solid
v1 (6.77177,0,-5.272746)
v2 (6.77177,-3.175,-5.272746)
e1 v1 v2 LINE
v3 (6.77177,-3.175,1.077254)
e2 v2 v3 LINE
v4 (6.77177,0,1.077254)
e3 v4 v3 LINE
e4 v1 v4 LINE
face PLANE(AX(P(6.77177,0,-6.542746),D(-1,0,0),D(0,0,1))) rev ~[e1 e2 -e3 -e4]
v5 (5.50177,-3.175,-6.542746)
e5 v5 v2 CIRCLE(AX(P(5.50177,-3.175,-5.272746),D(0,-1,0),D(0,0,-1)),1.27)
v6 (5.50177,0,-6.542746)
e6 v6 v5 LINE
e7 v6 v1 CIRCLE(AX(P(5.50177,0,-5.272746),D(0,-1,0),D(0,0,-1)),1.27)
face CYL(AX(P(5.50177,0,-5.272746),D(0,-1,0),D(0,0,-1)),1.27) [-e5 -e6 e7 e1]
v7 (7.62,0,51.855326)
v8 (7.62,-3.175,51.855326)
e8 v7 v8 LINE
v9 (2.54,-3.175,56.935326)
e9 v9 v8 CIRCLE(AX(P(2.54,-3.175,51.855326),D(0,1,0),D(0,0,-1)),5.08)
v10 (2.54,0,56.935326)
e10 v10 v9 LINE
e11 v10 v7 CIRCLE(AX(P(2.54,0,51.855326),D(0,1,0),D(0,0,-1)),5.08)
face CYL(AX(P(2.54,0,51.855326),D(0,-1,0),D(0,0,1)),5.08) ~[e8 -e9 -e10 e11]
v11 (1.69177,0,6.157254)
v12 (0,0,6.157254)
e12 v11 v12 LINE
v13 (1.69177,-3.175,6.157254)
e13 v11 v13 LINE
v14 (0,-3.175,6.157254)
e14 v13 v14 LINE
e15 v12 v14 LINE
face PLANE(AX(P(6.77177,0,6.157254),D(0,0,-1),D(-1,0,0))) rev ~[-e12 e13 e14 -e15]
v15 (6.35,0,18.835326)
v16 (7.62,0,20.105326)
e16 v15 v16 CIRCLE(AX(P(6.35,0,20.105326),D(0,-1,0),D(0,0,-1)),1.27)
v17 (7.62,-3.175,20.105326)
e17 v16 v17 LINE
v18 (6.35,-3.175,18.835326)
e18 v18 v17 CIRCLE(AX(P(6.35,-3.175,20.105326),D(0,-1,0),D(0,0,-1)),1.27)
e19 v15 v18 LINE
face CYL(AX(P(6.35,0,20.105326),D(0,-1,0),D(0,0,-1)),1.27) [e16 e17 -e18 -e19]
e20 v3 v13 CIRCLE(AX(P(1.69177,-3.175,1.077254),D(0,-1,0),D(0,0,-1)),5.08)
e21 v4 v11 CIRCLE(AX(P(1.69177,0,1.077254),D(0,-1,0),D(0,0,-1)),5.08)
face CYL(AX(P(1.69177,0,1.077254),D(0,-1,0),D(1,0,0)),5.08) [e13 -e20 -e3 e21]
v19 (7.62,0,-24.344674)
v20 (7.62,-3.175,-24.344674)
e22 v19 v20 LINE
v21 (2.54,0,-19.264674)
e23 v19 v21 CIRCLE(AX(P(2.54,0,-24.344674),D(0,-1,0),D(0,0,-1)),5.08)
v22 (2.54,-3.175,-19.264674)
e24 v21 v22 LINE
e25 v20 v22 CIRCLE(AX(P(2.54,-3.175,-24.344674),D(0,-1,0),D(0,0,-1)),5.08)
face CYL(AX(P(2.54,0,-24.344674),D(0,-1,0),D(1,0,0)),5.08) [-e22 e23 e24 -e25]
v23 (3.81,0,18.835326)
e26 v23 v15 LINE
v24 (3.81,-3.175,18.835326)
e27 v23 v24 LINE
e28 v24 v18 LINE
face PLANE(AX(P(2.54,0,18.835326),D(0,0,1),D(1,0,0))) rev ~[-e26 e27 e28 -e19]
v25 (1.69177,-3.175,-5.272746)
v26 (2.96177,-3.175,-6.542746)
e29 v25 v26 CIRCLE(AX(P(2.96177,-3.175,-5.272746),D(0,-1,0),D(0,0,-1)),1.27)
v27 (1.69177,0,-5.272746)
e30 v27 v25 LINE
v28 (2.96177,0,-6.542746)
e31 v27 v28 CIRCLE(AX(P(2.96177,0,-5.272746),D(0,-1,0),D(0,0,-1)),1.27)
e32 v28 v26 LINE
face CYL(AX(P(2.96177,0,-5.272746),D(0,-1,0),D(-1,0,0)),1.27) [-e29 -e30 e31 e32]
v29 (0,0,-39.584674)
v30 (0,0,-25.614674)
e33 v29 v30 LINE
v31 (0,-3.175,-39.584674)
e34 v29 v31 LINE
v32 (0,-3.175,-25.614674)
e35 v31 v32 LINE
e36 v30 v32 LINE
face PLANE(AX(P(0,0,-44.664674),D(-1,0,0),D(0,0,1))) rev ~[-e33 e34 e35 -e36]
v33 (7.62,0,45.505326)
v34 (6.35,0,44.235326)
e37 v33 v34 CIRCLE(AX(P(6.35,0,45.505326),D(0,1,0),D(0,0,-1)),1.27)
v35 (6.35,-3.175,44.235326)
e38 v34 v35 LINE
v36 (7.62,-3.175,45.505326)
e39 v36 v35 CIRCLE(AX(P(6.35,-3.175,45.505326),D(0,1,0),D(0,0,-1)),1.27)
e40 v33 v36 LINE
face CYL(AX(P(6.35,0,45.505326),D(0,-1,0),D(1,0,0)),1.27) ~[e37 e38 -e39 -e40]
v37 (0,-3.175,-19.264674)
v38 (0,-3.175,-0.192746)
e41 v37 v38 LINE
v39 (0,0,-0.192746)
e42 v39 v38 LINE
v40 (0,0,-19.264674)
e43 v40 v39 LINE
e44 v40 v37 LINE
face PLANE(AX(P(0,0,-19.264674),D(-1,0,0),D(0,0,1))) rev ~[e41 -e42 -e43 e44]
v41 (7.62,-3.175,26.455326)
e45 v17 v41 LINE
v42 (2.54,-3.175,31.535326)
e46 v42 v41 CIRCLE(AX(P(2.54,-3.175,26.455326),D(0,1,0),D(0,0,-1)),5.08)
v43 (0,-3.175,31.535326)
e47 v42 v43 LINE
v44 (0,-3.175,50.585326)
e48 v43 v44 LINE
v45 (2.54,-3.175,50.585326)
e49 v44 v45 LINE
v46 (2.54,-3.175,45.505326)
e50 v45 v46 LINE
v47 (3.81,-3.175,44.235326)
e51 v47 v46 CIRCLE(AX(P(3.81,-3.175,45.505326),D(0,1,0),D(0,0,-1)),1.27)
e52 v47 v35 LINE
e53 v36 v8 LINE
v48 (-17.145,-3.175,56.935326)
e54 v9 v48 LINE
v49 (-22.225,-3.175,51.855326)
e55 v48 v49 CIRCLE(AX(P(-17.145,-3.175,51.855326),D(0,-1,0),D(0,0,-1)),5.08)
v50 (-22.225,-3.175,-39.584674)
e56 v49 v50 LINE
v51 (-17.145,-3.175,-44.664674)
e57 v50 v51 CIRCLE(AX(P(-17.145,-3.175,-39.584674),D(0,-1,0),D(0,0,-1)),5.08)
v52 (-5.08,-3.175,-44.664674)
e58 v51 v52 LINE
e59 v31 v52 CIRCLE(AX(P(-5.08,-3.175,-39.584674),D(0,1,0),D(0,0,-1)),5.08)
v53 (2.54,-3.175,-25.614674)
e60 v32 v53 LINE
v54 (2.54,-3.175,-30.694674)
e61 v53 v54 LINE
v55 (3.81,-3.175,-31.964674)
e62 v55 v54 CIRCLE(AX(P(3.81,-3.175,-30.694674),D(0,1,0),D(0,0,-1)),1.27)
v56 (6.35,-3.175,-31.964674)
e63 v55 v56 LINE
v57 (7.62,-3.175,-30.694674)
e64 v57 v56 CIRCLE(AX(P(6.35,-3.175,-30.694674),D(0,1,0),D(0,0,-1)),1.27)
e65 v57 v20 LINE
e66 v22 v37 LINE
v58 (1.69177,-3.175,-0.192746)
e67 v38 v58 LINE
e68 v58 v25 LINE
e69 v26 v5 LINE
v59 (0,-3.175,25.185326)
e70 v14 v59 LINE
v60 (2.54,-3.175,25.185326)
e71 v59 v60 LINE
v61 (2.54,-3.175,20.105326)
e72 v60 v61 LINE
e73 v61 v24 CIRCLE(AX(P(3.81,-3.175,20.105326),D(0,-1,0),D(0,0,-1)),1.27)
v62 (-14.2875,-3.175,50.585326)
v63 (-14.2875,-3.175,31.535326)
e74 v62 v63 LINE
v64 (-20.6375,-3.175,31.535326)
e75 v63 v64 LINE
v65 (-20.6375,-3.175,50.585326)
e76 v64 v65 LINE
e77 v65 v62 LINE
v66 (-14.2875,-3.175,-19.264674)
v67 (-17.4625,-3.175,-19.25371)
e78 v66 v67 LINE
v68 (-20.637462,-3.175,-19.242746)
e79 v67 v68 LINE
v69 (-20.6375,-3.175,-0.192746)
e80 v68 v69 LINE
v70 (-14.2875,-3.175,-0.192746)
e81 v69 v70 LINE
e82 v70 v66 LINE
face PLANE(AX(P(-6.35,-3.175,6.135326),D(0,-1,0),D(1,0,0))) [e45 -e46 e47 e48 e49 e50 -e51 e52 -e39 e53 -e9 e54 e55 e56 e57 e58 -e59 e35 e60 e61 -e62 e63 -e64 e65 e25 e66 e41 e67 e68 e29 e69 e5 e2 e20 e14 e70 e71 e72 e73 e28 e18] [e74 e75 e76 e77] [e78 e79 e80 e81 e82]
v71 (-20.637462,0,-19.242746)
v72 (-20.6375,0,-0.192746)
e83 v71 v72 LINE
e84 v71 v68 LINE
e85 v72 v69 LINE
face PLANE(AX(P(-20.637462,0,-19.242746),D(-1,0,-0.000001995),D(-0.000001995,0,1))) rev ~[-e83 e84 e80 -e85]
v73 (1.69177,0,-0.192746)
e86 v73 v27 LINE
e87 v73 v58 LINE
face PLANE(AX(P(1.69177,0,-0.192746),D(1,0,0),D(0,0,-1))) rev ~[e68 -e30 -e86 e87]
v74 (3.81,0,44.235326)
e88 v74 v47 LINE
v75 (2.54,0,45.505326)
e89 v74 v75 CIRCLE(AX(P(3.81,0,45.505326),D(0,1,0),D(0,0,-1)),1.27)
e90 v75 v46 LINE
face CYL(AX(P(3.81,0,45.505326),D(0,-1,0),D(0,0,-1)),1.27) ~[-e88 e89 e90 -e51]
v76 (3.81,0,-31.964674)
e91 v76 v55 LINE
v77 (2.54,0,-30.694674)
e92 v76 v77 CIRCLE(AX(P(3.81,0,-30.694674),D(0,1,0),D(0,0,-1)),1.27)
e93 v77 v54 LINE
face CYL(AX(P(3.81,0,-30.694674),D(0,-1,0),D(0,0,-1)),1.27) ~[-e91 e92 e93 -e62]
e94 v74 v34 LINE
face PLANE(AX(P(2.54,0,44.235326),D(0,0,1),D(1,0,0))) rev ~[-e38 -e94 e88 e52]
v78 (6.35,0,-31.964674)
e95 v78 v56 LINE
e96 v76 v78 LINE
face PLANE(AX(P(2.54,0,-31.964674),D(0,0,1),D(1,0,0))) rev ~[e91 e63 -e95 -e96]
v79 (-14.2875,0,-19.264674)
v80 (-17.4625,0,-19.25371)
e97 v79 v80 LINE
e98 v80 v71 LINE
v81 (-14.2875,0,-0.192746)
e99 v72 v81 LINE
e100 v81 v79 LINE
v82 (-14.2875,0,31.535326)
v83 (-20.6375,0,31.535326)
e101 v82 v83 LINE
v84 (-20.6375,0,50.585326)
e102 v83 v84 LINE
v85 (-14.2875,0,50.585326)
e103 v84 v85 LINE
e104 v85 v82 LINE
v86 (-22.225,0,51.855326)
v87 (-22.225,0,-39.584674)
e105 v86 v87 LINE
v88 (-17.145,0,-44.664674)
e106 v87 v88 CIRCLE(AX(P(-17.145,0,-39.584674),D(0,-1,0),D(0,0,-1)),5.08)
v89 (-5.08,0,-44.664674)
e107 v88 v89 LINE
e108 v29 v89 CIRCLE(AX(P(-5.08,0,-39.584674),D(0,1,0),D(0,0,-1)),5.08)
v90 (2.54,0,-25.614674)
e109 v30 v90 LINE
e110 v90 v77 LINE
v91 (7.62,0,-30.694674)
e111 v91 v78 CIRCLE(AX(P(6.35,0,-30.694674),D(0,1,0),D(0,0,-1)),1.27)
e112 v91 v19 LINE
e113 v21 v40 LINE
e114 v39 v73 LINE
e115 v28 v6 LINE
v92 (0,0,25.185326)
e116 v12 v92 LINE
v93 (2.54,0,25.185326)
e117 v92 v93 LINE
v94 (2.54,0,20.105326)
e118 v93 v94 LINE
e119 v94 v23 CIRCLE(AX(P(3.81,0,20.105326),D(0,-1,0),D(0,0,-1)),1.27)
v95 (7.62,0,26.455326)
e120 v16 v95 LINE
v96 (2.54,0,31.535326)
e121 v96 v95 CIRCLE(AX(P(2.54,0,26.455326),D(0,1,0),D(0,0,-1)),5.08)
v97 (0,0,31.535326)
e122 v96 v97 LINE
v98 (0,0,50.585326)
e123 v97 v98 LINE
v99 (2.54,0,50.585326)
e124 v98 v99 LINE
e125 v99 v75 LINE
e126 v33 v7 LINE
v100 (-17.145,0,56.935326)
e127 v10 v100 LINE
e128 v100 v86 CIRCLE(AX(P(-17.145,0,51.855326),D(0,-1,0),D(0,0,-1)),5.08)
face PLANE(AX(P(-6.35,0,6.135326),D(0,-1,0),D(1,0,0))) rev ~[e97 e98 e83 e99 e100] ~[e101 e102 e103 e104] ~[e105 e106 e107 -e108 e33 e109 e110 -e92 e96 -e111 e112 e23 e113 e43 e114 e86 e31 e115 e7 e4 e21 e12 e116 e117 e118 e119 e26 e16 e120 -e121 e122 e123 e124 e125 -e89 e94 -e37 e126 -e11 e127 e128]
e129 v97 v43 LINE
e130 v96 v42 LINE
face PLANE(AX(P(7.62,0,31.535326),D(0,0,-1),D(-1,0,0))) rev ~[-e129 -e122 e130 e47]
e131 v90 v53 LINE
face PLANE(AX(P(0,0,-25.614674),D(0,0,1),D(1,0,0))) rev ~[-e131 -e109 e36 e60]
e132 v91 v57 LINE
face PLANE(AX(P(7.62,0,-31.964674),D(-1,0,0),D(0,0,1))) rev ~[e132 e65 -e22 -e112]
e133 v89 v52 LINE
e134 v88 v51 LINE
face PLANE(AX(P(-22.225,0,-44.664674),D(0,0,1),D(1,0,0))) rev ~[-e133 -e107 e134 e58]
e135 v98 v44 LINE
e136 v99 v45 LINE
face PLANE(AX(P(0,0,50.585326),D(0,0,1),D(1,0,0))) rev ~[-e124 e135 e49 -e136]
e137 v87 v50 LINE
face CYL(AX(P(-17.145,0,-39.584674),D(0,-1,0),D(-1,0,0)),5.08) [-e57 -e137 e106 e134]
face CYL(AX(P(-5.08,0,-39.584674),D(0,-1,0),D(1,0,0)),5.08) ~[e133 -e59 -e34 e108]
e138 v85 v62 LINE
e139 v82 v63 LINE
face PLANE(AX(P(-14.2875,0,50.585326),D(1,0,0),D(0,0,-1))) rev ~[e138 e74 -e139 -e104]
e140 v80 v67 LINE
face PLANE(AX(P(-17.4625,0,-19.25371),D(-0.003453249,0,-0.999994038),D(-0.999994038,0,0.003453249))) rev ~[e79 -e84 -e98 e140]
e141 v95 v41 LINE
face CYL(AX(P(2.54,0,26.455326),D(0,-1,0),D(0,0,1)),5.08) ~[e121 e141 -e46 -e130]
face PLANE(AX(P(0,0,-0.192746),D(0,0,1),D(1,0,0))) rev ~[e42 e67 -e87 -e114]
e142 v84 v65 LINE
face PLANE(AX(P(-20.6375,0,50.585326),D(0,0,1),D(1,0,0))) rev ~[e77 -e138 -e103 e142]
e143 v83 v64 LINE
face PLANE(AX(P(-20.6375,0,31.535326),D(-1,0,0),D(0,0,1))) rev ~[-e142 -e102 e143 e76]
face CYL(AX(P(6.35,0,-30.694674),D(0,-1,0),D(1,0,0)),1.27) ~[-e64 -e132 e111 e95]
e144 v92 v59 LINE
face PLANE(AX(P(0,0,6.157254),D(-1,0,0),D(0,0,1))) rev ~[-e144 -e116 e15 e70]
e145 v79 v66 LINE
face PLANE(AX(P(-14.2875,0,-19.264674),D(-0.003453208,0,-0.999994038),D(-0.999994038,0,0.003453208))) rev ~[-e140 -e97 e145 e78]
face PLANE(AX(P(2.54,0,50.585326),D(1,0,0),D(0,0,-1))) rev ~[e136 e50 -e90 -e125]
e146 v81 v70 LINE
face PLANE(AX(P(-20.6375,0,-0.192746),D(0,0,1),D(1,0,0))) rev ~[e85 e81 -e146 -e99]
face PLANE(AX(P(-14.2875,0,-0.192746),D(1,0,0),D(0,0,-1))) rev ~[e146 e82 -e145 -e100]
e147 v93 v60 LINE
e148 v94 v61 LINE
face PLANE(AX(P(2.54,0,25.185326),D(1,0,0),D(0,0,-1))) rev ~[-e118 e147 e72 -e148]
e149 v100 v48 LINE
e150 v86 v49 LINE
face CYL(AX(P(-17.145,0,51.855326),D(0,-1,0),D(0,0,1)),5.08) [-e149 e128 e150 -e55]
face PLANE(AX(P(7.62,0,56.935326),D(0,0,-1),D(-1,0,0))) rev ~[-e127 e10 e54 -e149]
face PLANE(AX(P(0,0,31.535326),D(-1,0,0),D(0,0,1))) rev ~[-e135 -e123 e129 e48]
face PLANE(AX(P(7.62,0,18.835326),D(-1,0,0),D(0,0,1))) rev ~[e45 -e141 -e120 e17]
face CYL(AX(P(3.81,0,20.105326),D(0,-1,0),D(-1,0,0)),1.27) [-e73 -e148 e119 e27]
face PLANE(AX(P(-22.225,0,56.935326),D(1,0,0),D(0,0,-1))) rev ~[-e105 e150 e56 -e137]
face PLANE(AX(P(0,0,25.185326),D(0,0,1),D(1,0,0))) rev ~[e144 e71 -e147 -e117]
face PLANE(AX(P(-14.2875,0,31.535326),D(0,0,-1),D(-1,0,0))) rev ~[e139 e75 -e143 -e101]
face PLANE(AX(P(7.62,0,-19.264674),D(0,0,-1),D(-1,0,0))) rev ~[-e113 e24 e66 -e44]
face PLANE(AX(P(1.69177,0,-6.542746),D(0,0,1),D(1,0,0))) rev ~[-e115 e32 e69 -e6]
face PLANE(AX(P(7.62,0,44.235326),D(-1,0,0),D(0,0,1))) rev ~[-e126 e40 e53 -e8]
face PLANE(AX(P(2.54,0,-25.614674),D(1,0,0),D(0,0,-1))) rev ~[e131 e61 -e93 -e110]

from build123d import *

# Parameters (mm, degrees)
F1_DEPTH = 3.175
F2_R     = 5.08
F3_R     = 5.08
F4_R     = 1.27


with BuildPart() as f1:
    # F0 (on Front) → F1 (new body)
    with BuildSketch(Plane.XZ):
        Polygon((0, 50.585326), (0, 56.935326), (-12.7, 56.935326), (-12.7, -44.664674), (0, -44.664674), (0, -25.614674), (0, -19.264674), (0, -0.192746), (0, 0), (0, 6.135326), (0, 6.157254), (0, 25.185326), (0, 31.535326), align=None)
        Polygon((7.62, 56.935326), (0, 56.935326), (0, 50.585326), (2.54, 50.585326), (2.54, 44.235326), (7.62, 44.235326), align=None)
        Polygon((7.62, 31.535326), (0, 31.535326), (0, 25.185326), (2.54, 25.185326), (2.54, 18.835326), (7.62, 18.835326), align=None)
        Polygon((6.77177, 6.157254), (0, 6.157254), (0, 6.135326), (0, 0), (0, -0.192746), (1.69177, -0.192746), (1.69177, -6.542746), (6.77177, -6.542746), align=None)
        Polygon((0, -19.264674), (0, -25.614674), (2.54, -25.614674), (2.54, -31.964674), (7.62, -31.964674), (7.62, -19.264674), align=None)
        Polygon((-12.7, -44.664674), (-12.7, 56.935326), (-17.4625, 56.935326), (-17.4625, 50.585326), (-14.2875, 50.585326), (-14.2875, 31.535326), (-17.4625, 31.535326), (-17.4625, -0.192746), (-14.2875, -0.192746), (-14.2875, -19.264674), (-17.4625, -19.25371), (-17.4625, -44.664674), align=None)
        Polygon((-17.4625, 50.585326), (-17.4625, 56.935326), (-22.225, 56.935326), (-22.225, -44.664674), (-17.4625, -44.664674), (-17.4625, -19.25371), (-20.637462, -19.242746), (-20.6375, -0.192746), (-17.4625, -0.192746), (-17.4625, 31.535326), (-20.6375, 31.535326), (-20.6375, 50.585326), align=None)
    extrude(amount=F1_DEPTH)

    # F2
    f2_edges = [f1.edges().sort_by_distance(p)[0] for p in [
        (-22.225, -1.5875, 56.935326),
        (-22.225, -1.5875, -44.664674),
        (0, -1.5875, -44.664674),
    ]]
    fillet(f2_edges, radius=F2_R)

    # F3
    f3_edges = [f1.edges().sort_by_distance(p)[0] for p in [
        (7.62, -1.5875, 31.535326),
        (6.77177, -1.5875, 6.157254),
        (7.62, -1.5875, -19.264674),
        (7.62, -1.5875, 56.935326),
    ]]
    fillet(f3_edges, radius=F3_R)

    # F4
    f4_edges = [f1.edges().sort_by_distance(p)[0] for p in [
        (7.62, -1.5875, 18.835326),
        (2.54, -1.5875, 18.835326),
        (6.77177, -1.5875, -6.542746),
        (1.69177, -1.5875, -6.542746),
        (2.54, -1.5875, 44.235326),
        (7.62, -1.5875, 44.235326),
        (7.62, -1.5875, -31.964674),
        (2.54, -1.5875, -31.964674),
    ]]
    fillet(f4_edges, radius=F4_R)


solid = f1.part
